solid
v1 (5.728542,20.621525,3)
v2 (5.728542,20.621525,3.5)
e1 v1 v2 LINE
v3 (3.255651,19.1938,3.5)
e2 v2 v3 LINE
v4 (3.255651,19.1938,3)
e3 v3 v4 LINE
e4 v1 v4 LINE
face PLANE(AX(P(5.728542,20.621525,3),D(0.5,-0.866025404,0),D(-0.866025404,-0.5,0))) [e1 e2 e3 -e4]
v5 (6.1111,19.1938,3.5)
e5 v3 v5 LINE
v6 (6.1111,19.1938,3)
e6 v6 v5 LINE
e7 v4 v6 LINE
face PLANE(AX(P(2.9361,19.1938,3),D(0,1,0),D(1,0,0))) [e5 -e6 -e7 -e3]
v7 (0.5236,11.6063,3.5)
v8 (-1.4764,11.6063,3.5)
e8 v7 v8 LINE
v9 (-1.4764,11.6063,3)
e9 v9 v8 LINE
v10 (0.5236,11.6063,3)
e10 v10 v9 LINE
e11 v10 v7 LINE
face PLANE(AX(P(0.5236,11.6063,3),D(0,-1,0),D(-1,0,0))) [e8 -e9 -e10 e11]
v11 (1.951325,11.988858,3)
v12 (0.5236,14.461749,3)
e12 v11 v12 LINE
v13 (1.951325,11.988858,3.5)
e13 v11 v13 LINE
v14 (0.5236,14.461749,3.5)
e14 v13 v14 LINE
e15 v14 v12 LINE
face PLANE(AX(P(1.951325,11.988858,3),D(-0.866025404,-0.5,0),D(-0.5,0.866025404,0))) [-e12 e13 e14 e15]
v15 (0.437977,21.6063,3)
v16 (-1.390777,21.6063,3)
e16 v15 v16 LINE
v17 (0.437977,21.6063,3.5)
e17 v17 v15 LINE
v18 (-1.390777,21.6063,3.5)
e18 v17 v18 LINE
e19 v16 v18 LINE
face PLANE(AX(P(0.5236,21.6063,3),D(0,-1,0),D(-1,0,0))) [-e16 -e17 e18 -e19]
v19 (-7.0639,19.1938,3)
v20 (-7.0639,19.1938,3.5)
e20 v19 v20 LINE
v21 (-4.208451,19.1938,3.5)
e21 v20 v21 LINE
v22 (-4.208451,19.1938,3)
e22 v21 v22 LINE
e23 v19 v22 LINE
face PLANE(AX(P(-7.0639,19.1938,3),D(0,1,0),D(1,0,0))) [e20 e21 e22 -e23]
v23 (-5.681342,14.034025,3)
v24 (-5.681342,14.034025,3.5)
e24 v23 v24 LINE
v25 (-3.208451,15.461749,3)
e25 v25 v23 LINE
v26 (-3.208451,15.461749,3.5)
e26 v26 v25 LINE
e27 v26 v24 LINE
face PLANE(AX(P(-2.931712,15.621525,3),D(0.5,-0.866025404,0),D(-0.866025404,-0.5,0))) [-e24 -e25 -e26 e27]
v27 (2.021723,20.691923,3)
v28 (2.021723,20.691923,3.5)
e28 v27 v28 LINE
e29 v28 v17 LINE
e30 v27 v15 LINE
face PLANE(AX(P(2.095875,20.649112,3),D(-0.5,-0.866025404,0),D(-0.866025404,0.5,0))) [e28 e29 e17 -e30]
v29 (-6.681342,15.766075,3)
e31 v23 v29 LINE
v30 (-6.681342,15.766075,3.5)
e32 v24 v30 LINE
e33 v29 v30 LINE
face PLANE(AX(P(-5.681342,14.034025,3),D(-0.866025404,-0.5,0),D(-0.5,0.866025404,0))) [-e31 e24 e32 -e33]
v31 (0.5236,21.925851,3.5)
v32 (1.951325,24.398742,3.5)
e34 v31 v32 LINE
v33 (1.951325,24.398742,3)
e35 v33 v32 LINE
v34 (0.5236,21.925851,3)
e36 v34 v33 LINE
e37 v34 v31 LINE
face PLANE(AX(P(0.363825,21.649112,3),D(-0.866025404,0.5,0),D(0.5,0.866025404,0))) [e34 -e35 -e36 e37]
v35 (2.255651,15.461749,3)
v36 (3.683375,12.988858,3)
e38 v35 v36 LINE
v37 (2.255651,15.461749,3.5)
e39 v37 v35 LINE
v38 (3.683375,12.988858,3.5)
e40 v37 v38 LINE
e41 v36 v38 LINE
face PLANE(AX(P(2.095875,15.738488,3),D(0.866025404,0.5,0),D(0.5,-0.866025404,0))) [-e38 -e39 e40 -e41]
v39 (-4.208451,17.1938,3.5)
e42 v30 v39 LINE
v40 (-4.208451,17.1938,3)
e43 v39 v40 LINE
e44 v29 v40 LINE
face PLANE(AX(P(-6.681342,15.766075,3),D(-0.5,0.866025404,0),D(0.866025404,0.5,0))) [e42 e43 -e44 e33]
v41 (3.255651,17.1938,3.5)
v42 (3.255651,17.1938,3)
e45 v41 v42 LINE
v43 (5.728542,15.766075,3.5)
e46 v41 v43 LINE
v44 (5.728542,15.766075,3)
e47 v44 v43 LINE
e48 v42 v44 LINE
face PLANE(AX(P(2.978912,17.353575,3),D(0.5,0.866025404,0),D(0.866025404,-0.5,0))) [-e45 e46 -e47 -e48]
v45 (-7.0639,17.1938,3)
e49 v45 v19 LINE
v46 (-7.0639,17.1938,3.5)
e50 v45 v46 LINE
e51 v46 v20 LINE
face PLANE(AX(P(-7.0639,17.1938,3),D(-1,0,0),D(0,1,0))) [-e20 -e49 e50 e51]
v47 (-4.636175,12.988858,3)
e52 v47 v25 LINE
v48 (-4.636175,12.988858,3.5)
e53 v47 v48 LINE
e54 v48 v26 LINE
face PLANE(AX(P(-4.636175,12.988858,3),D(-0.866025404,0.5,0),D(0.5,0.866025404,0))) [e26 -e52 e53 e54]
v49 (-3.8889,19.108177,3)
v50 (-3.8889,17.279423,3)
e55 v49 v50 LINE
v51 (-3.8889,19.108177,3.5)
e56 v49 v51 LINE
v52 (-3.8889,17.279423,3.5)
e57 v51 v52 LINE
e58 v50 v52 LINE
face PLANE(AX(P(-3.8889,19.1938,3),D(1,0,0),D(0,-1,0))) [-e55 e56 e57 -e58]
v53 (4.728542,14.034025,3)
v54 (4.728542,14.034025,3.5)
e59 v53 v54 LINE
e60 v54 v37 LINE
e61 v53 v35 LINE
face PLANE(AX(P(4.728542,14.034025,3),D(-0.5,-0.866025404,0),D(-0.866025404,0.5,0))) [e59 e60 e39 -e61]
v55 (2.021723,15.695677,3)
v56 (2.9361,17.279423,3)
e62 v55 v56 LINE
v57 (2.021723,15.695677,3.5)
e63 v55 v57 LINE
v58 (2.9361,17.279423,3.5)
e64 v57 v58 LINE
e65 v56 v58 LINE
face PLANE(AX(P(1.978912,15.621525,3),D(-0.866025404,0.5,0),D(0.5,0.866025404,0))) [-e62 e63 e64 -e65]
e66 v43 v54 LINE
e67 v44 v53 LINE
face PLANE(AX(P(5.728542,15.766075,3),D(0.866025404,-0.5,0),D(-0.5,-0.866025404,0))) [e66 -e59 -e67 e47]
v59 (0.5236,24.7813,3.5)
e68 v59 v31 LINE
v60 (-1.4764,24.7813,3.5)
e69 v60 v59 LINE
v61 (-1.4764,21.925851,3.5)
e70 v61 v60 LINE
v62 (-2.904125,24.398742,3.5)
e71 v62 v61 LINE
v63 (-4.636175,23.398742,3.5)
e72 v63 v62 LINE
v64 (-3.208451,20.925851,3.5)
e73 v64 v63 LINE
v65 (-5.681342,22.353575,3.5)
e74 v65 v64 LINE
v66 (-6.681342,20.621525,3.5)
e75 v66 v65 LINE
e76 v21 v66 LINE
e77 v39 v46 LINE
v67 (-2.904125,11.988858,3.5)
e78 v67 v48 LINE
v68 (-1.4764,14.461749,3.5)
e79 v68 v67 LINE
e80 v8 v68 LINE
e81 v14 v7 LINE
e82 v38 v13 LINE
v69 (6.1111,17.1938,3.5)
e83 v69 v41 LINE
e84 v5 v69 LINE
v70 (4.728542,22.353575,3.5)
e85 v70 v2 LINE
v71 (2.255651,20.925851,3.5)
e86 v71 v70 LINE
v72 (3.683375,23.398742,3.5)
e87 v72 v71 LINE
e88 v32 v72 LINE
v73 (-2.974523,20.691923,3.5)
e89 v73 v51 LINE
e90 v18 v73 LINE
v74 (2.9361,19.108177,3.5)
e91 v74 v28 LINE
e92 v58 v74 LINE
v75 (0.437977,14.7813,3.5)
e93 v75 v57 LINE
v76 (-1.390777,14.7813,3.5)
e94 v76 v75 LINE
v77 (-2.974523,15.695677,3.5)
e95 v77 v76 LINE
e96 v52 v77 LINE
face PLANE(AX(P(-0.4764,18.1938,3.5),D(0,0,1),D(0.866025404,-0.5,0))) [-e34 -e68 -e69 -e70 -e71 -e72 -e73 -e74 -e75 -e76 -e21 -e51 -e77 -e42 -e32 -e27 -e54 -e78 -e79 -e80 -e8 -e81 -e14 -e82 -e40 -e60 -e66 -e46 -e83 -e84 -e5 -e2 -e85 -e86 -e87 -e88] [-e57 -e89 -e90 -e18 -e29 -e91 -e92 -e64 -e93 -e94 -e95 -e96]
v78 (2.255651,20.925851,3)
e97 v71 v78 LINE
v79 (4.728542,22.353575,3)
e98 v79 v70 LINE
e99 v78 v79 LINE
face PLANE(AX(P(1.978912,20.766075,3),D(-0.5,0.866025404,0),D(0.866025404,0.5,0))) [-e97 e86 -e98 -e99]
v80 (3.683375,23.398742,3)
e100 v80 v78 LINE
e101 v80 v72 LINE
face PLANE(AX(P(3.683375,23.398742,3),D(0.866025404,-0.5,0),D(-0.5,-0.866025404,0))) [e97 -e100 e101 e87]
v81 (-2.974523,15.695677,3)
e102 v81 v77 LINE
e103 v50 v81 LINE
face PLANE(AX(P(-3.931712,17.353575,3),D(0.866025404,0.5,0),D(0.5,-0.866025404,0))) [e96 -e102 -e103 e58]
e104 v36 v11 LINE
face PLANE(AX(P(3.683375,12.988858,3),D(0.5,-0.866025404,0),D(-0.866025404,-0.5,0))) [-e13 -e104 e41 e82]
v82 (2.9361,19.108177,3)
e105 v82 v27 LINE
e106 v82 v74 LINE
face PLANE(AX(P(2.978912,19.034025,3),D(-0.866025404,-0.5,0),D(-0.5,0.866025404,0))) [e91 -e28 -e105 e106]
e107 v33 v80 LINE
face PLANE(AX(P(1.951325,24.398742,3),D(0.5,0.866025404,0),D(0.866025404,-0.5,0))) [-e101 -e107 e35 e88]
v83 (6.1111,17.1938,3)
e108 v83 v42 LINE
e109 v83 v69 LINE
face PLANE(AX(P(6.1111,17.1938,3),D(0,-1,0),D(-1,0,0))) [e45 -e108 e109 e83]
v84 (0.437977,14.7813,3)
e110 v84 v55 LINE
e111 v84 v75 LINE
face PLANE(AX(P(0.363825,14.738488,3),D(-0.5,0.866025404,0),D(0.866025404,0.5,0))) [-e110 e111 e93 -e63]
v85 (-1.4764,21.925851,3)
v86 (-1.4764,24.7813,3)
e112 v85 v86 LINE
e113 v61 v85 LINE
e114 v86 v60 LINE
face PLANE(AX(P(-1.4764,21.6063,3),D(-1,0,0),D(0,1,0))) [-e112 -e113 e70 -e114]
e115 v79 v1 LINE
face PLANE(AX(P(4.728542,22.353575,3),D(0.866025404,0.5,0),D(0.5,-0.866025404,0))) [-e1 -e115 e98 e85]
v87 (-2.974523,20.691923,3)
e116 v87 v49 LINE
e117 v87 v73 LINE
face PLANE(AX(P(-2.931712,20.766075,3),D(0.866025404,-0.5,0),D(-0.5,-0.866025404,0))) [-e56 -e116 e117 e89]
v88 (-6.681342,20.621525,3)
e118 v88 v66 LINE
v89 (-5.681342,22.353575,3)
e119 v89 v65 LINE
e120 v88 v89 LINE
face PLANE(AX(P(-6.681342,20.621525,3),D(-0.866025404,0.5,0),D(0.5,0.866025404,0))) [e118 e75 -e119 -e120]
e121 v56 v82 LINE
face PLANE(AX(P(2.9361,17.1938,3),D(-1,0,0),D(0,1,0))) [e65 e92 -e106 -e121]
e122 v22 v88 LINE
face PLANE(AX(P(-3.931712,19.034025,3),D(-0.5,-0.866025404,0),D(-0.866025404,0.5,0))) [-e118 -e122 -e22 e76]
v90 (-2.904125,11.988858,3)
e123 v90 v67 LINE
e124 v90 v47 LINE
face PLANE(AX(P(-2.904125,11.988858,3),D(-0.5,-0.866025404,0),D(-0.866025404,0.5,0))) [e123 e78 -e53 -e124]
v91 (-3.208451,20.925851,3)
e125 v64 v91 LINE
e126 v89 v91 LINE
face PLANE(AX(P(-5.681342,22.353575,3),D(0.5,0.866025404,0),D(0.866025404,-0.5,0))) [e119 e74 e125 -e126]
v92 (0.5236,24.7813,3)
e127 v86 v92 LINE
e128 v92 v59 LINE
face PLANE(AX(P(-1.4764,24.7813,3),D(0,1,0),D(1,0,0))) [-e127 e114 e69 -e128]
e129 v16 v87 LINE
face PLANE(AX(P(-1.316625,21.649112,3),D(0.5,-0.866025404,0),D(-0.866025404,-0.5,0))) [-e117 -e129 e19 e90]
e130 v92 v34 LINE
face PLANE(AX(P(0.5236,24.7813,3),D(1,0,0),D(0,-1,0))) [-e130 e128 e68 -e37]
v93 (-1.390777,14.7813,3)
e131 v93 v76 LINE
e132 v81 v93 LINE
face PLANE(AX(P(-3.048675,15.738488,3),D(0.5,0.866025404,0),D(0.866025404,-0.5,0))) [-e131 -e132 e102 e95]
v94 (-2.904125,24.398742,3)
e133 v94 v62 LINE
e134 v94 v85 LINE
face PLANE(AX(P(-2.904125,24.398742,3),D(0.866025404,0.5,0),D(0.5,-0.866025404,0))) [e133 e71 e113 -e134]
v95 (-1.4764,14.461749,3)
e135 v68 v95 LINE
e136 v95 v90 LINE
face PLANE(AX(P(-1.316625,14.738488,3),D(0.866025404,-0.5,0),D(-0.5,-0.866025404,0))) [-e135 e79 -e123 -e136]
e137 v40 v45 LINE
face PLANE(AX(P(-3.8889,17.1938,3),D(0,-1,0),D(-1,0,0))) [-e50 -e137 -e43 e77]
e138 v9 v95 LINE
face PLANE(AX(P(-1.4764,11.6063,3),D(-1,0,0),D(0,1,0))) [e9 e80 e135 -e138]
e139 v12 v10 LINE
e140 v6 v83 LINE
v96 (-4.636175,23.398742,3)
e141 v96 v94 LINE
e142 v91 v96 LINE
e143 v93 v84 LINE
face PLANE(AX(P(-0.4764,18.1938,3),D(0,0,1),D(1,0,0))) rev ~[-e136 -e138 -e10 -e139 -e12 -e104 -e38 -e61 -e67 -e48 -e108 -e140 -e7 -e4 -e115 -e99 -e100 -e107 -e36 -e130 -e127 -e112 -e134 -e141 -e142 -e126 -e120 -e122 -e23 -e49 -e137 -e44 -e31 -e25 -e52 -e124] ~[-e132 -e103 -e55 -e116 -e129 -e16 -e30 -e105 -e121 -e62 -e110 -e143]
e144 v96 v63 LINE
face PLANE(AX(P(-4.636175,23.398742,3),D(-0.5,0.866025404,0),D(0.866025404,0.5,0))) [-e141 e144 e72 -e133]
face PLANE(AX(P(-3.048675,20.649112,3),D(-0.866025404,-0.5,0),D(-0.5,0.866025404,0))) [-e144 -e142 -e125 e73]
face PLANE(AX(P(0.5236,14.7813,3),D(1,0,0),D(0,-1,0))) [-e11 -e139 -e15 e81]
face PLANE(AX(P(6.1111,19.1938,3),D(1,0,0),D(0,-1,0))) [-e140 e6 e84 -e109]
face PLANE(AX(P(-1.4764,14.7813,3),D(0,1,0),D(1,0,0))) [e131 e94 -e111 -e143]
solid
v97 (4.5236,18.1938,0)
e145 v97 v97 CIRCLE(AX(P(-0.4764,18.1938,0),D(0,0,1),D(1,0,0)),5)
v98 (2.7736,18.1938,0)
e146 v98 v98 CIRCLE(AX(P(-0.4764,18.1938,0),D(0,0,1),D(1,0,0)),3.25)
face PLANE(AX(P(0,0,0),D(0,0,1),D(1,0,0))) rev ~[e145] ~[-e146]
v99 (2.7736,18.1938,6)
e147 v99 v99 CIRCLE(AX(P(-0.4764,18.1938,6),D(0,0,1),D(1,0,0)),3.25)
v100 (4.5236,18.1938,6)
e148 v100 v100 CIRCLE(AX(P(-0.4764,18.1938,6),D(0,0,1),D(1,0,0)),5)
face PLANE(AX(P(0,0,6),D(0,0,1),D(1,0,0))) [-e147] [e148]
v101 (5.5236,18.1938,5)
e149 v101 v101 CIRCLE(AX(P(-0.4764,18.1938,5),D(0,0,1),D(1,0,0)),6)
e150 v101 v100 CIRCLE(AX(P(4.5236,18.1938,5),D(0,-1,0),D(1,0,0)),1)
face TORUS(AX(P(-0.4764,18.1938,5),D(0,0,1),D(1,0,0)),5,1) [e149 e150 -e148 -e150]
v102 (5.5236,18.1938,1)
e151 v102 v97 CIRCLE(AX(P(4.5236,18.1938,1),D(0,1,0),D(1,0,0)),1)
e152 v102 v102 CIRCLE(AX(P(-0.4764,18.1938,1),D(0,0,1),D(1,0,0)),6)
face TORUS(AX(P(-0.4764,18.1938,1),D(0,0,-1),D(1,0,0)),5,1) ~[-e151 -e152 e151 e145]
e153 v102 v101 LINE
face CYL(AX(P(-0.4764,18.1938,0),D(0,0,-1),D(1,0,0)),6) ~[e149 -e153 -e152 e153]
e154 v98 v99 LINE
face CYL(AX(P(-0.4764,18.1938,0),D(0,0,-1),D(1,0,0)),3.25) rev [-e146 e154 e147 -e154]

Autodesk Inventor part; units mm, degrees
ref_plane "YZ Plane" through (0, 0, 0) normal (1, 0, 0) x (0, 1, 0)
ref_plane "XZ Plane" through (0, 0, 0) normal (0, 1, 0) x (-1, 0, 0)
ref_plane "XY Plane" through (0, 0, 0) normal (0, 0, 1) x (1, 0, 0)
ref_plane "Work Plane1" through (0, 0, 0) normal (0, 0, 1) x (1, 0, 0)
ref_plane "Work Plane2" through (0, 0, 0) normal (0, 0, 1) x (1, 0, 0)
sketch "Sketch1" plane through (0, 0, 0) normal (0, 0, 1) x (1, 0, 0)
  circle A0 centre (-0.4764, 18.1938) radius 8.3 projected
  circle A1 centre (-0.4764, 18.1938) radius 6 projected
  circle A2 centre (-0.4764, 18.1938) radius 3.25
  point P0 (0, 0)
  dimension "d0" = 6.5
extrude "Extrusion1" add sketch "Sketch1" along normal blind 6 contours A1
fillet "Fillet1" radius 1 2 edges at (-6.4764, 18.1938, 6) (-6.4764, 18.1938, 0)
ref_plane "Work Plane3" through (-0.4764, 18.1938, 3) normal (0, 0, 1) x (1, 0, 0)
sketch "Sketch2" plane through (-0.4764, 18.1938, 3) normal (0, 0, 1) x (1, 0, 0)
  line L0 (1, 3.4125) -> (-1, 3.4125)
  line L1 (-1, 3.4125) -> (-1, 6.5875)
  line L2 (-1, 6.5875) -> (1, 6.5875)
  line L3 (1, 6.5875) -> (1, 3.4125)
  line L4 (1, 3.4125) -> (-1, 6.5875) construction
  line L5 (-1, 3.4125) -> (1, 6.5875) construction
  circle A0 centre (0, 0) radius 3.25 projected
  point P0 (0.4764, -18.1938)
  point P1 (0, 5)
  dimension "d5" = 2
  dimension "d6" = 5
extrude "Extrusion2" add sketch "Sketch2" along normal blind 0.5 separate body contours L0 L1 L2 L3
pattern_circular "Circular Pattern1" count 12 over 360 about axis through (-0.4764, 18.1938, 0) along (0, 0, 1) of "Extrusion2" bodies 2
properties part number "tube clamp"
